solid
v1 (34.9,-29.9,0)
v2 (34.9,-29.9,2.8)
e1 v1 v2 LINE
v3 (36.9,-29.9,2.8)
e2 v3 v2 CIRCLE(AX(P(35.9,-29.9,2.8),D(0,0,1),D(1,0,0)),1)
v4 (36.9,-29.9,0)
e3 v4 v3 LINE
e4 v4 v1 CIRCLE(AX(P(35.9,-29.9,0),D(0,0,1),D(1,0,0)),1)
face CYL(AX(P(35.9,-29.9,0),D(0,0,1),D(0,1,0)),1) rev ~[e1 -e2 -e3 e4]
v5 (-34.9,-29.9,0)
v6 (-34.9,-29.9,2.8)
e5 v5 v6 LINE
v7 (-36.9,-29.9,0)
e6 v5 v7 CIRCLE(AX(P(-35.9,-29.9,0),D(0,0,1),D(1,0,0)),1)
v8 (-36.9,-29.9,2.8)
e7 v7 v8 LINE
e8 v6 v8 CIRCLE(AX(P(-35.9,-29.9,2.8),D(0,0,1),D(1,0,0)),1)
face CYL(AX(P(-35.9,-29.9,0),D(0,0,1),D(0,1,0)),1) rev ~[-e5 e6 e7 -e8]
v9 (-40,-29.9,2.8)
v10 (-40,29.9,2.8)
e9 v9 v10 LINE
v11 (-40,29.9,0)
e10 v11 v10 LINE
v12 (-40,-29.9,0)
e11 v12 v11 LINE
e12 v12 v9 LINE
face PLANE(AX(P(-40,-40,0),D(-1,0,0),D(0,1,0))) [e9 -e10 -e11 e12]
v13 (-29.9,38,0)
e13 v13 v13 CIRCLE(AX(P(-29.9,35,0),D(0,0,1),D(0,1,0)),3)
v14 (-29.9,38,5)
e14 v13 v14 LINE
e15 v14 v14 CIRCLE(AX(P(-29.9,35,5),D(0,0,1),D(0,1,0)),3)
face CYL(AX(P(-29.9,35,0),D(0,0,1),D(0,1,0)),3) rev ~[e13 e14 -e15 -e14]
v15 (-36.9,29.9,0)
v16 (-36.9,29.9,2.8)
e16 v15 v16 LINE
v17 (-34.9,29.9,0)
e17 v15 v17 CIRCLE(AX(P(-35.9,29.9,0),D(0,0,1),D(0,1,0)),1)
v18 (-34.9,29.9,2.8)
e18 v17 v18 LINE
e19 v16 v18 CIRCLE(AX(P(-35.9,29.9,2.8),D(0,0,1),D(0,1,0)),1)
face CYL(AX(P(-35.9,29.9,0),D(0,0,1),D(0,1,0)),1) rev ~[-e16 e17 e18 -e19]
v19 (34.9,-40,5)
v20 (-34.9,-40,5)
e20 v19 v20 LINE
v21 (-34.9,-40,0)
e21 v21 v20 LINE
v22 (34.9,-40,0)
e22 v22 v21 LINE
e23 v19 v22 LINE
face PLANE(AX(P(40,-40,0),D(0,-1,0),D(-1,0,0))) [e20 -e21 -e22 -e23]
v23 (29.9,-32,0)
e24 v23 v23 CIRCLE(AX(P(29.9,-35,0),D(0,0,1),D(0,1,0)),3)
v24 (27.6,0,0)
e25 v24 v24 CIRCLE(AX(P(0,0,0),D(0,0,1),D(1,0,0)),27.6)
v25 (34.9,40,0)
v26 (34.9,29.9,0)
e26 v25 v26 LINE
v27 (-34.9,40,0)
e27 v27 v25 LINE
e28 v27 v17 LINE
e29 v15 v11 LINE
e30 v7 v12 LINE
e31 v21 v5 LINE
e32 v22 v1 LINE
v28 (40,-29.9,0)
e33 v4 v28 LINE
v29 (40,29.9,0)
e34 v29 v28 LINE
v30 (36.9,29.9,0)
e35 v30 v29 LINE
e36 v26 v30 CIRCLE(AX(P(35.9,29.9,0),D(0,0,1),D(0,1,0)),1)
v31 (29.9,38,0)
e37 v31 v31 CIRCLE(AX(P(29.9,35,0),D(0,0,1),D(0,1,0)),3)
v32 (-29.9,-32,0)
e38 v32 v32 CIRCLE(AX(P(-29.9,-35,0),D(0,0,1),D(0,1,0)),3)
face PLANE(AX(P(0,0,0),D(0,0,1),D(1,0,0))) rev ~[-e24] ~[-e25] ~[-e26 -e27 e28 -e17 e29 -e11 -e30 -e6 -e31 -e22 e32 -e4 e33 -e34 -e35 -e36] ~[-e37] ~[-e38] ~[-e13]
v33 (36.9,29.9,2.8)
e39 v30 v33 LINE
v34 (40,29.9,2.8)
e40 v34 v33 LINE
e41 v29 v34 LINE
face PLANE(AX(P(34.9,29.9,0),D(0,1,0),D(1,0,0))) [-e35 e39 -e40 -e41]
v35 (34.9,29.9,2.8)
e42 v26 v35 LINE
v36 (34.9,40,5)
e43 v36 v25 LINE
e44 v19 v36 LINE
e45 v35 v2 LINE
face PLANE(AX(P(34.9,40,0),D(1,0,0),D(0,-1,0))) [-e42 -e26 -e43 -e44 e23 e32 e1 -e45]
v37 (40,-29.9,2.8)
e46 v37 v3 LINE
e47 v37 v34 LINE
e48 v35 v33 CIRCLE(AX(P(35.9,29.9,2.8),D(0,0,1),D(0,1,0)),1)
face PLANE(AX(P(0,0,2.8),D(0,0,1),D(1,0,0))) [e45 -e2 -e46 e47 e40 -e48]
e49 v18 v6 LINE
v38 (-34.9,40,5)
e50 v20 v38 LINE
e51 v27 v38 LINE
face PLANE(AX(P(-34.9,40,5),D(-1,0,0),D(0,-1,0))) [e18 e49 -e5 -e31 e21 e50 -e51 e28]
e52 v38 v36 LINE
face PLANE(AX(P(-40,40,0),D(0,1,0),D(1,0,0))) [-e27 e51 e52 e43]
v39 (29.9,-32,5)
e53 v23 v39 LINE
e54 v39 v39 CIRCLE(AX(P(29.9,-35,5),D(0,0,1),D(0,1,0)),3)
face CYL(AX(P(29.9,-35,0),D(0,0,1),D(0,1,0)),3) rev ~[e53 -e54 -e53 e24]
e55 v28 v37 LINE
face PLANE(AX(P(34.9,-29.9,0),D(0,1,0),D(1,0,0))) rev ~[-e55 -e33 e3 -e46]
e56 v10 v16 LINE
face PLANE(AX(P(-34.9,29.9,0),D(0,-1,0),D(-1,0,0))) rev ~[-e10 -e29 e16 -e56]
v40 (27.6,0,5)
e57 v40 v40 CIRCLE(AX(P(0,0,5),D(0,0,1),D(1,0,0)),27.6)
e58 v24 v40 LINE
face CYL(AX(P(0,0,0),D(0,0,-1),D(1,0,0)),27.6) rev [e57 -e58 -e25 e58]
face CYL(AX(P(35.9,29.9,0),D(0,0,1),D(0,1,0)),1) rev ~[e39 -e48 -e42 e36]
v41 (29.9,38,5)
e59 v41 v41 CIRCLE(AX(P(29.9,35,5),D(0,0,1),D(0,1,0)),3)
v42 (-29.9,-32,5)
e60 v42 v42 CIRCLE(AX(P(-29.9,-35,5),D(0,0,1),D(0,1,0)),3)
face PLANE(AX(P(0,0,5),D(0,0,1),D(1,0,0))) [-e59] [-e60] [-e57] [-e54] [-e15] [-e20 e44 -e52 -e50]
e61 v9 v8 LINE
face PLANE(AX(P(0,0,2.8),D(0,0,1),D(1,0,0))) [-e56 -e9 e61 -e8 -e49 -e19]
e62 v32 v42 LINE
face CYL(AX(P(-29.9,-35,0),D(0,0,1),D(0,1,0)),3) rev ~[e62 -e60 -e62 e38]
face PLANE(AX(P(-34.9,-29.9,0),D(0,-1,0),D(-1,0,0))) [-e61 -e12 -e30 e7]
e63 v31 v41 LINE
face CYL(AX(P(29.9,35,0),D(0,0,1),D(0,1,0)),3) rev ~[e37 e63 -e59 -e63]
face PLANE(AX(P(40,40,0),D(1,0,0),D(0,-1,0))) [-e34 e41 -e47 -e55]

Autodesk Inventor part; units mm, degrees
ref_plane "YZ Plane" through (0, 0, 0) normal (1, 0, 0) x (0, 1, 0)
ref_plane "XZ Plane" through (0, 0, 0) normal (0, 1, 0) x (-1, 0, 0)
ref_plane "XY Plane" through (0, 0, 0) normal (0, 0, 1) x (1, 0, 0)
sketch "スケッチ1" plane through (0, 0, 0) normal (0, 0, 1) x (1, 0, 0)
  circle A0 centre (0, 0) radius 27.6
  line L0 (-40, 40) -> (40, 40)
  line L1 (40, 40) -> (40, -40)
  line L2 (40, -40) -> (-40, -40)
  line L3 (-40, -40) -> (-40, 40)
  dimension "d0" = 55.2
  dimension "d1" = 40
  dimension "d2" = 80
  dimension "d3" = 80
  dimension "d4" = 40
extrude "押し出し1" add sketch "スケッチ1" along normal blind 5
sketch "スケッチ3" plane through (0, 0, 5) normal (0, 0, 1) x (1, 0, 0)
  line L0 (40, -40) -> (-40, -40) projected
  line L1 (-40, 40) -> (-34.9, 40)
  line L2 (-34.9, 40) -> (-34.9, -40)
  line L3 (-34.9, -40) -> (-40, -40)
  line L4 (-40, -40) -> (-40, 40)
  line L5 (40, 40) -> (34.9, 40)
  line L6 (34.9, 40) -> (34.9, -40)
  line L7 (34.9, -40) -> (40, -40)
  line L8 (40, -40) -> (40, 40)
  dimension "d17" = 5.1
  dimension "d18" = 5.1
extrude "押し出し3" cut sketch "スケッチ3" against normal blind 2.2
sketch "スケッチ4" plane through (0, 0, 0) normal (0, 0, -1) x (-1, 0, 0)
  line L0 (-40, 40) -> (-34.9, 40)
  line L1 (-34.9, 40) -> (-34.9, 29.9)
  line L2 (-34.9, 29.9) -> (-40, 29.9)
  line L3 (-40, 29.9) -> (-40, 40)
  line L4 (-40, -40) -> (-34.9, -40)
  line L5 (-34.9, -40) -> (-34.9, -29.9)
  line L6 (-34.9, -29.9) -> (-40, -29.9)
  line L7 (-40, -29.9) -> (-40, -40)
  line L8 (40, 40) -> (34.9, 40)
  line L9 (34.9, 40) -> (34.9, 29.9)
  line L10 (34.9, 29.9) -> (40, 29.9)
  line L11 (40, 29.9) -> (40, 40)
  line L12 (40, -40) -> (34.9, -40)
  line L13 (34.9, -40) -> (34.9, -29.9)
  line L14 (34.9, -29.9) -> (40, -29.9)
  line L15 (40, -29.9) -> (40, -40)
  dimension "d21" = 5.1
  dimension "d22" = 10.1
  dimension "d23" = 10.1
  dimension "d24" = 10.1
  dimension "d25" = 5.1
  dimension "d26" = 5.1
  dimension "d27" = 5.1
  dimension "d28" = 10.1
extrude "押し出し4" cut sketch "スケッチ4" against normal through all
sketch "スケッチ5" plane through (0, 0, 0) normal (0, 0, -1) x (-1, 0, 0)
  line L0 (-40, -29.9) -> (-34.9, -29.9) projected
  line L1 (-34.9, -29.9) -> (-34.9, -40) projected
  line L2 (34.9, -40) -> (34.9, -29.9) projected
  line L3 (34.9, -29.9) -> (40, -29.9) projected
  line L4 (40, 29.9) -> (34.9, 29.9) projected
  line L5 (34.9, 29.9) -> (34.9, 40) projected
  line L6 (-34.9, 40) -> (-34.9, 29.9) projected
  line L7 (-34.9, 29.9) -> (-40, 29.9) projected
  point P0 (-35.9, 29.9)
  point P1 (-35.9, -29.9)
  point P2 (35.9, -29.9)
  point P3 (35.9, 29.9)
  dimension "d31" = 1
  dimension "d32" = 1
  dimension "d33" = 1
  dimension "d34" = 1
hole "Hole1" at (35.9, 29.9, 0) at (35.9, -29.9, 0) at (-35.9, -29.9, 0) at (-35.9, 29.9, 0) direction (0, 0, 1) diameter 2 end through all
sketch "スケッチ6" plane through (0, 0, 0) normal (0, 0, -1) x (-1, 0, 0)
  line L0 (34.9, 29.9) -> (34.9, 40) projected
  line L1 (34.9, 40) -> (-34.9, 40) projected
  line L2 (-34.9, 40) -> (-34.9, 29.9) projected
  line L3 (-34.9, -29.9) -> (-34.9, -40) projected
  line L4 (-34.9, -40) -> (34.9, -40) projected
  line L5 (34.9, -40) -> (34.9, -29.9) projected
  point P0 (-29.9, 35)
  point P1 (-29.9, -35)
  point P2 (29.9, -35)
  point P3 (29.9, 35)
  dimension "d42" = 5
  dimension "d43" = 5
  dimension "d44" = 5
  dimension "d45" = 5
  dimension "d46" = 5
  dimension "d47" = 5
  dimension "d48" = 5
  dimension "d49" = 5
hole "Hole2" at (29.9, 35, 0) at (29.9, -35, 0) at (-29.9, -35, 0) at (-29.9, 35, 0) direction (0, 0, 1) diameter 6 end through all
equation "\"d1\" = 0.5 * d2"
equation "\"d3\" = d2"
equation "\"d4\" = d1"
equation "\"d18\" = d17"
equation "\"d23\" = d22"
equation "\"d25\" = d21"
equation "\"d26\" = d21"
equation "\"d27\" = d21"
equation "\"d28\" = d22"
equation "\"d32\" = d31"
equation "\"d33\" = d31"
equation "\"d34\" = d31"
equation "\"d43\" = d42"
equation "\"d44\" = d42"
equation "\"d45\" = d42"
equation "\"d46\" = d42"
equation "\"d47\" = d42"
equation "\"d48\" = d42"
equation "\"d49\" = d42"
properties part number "JointA2"
